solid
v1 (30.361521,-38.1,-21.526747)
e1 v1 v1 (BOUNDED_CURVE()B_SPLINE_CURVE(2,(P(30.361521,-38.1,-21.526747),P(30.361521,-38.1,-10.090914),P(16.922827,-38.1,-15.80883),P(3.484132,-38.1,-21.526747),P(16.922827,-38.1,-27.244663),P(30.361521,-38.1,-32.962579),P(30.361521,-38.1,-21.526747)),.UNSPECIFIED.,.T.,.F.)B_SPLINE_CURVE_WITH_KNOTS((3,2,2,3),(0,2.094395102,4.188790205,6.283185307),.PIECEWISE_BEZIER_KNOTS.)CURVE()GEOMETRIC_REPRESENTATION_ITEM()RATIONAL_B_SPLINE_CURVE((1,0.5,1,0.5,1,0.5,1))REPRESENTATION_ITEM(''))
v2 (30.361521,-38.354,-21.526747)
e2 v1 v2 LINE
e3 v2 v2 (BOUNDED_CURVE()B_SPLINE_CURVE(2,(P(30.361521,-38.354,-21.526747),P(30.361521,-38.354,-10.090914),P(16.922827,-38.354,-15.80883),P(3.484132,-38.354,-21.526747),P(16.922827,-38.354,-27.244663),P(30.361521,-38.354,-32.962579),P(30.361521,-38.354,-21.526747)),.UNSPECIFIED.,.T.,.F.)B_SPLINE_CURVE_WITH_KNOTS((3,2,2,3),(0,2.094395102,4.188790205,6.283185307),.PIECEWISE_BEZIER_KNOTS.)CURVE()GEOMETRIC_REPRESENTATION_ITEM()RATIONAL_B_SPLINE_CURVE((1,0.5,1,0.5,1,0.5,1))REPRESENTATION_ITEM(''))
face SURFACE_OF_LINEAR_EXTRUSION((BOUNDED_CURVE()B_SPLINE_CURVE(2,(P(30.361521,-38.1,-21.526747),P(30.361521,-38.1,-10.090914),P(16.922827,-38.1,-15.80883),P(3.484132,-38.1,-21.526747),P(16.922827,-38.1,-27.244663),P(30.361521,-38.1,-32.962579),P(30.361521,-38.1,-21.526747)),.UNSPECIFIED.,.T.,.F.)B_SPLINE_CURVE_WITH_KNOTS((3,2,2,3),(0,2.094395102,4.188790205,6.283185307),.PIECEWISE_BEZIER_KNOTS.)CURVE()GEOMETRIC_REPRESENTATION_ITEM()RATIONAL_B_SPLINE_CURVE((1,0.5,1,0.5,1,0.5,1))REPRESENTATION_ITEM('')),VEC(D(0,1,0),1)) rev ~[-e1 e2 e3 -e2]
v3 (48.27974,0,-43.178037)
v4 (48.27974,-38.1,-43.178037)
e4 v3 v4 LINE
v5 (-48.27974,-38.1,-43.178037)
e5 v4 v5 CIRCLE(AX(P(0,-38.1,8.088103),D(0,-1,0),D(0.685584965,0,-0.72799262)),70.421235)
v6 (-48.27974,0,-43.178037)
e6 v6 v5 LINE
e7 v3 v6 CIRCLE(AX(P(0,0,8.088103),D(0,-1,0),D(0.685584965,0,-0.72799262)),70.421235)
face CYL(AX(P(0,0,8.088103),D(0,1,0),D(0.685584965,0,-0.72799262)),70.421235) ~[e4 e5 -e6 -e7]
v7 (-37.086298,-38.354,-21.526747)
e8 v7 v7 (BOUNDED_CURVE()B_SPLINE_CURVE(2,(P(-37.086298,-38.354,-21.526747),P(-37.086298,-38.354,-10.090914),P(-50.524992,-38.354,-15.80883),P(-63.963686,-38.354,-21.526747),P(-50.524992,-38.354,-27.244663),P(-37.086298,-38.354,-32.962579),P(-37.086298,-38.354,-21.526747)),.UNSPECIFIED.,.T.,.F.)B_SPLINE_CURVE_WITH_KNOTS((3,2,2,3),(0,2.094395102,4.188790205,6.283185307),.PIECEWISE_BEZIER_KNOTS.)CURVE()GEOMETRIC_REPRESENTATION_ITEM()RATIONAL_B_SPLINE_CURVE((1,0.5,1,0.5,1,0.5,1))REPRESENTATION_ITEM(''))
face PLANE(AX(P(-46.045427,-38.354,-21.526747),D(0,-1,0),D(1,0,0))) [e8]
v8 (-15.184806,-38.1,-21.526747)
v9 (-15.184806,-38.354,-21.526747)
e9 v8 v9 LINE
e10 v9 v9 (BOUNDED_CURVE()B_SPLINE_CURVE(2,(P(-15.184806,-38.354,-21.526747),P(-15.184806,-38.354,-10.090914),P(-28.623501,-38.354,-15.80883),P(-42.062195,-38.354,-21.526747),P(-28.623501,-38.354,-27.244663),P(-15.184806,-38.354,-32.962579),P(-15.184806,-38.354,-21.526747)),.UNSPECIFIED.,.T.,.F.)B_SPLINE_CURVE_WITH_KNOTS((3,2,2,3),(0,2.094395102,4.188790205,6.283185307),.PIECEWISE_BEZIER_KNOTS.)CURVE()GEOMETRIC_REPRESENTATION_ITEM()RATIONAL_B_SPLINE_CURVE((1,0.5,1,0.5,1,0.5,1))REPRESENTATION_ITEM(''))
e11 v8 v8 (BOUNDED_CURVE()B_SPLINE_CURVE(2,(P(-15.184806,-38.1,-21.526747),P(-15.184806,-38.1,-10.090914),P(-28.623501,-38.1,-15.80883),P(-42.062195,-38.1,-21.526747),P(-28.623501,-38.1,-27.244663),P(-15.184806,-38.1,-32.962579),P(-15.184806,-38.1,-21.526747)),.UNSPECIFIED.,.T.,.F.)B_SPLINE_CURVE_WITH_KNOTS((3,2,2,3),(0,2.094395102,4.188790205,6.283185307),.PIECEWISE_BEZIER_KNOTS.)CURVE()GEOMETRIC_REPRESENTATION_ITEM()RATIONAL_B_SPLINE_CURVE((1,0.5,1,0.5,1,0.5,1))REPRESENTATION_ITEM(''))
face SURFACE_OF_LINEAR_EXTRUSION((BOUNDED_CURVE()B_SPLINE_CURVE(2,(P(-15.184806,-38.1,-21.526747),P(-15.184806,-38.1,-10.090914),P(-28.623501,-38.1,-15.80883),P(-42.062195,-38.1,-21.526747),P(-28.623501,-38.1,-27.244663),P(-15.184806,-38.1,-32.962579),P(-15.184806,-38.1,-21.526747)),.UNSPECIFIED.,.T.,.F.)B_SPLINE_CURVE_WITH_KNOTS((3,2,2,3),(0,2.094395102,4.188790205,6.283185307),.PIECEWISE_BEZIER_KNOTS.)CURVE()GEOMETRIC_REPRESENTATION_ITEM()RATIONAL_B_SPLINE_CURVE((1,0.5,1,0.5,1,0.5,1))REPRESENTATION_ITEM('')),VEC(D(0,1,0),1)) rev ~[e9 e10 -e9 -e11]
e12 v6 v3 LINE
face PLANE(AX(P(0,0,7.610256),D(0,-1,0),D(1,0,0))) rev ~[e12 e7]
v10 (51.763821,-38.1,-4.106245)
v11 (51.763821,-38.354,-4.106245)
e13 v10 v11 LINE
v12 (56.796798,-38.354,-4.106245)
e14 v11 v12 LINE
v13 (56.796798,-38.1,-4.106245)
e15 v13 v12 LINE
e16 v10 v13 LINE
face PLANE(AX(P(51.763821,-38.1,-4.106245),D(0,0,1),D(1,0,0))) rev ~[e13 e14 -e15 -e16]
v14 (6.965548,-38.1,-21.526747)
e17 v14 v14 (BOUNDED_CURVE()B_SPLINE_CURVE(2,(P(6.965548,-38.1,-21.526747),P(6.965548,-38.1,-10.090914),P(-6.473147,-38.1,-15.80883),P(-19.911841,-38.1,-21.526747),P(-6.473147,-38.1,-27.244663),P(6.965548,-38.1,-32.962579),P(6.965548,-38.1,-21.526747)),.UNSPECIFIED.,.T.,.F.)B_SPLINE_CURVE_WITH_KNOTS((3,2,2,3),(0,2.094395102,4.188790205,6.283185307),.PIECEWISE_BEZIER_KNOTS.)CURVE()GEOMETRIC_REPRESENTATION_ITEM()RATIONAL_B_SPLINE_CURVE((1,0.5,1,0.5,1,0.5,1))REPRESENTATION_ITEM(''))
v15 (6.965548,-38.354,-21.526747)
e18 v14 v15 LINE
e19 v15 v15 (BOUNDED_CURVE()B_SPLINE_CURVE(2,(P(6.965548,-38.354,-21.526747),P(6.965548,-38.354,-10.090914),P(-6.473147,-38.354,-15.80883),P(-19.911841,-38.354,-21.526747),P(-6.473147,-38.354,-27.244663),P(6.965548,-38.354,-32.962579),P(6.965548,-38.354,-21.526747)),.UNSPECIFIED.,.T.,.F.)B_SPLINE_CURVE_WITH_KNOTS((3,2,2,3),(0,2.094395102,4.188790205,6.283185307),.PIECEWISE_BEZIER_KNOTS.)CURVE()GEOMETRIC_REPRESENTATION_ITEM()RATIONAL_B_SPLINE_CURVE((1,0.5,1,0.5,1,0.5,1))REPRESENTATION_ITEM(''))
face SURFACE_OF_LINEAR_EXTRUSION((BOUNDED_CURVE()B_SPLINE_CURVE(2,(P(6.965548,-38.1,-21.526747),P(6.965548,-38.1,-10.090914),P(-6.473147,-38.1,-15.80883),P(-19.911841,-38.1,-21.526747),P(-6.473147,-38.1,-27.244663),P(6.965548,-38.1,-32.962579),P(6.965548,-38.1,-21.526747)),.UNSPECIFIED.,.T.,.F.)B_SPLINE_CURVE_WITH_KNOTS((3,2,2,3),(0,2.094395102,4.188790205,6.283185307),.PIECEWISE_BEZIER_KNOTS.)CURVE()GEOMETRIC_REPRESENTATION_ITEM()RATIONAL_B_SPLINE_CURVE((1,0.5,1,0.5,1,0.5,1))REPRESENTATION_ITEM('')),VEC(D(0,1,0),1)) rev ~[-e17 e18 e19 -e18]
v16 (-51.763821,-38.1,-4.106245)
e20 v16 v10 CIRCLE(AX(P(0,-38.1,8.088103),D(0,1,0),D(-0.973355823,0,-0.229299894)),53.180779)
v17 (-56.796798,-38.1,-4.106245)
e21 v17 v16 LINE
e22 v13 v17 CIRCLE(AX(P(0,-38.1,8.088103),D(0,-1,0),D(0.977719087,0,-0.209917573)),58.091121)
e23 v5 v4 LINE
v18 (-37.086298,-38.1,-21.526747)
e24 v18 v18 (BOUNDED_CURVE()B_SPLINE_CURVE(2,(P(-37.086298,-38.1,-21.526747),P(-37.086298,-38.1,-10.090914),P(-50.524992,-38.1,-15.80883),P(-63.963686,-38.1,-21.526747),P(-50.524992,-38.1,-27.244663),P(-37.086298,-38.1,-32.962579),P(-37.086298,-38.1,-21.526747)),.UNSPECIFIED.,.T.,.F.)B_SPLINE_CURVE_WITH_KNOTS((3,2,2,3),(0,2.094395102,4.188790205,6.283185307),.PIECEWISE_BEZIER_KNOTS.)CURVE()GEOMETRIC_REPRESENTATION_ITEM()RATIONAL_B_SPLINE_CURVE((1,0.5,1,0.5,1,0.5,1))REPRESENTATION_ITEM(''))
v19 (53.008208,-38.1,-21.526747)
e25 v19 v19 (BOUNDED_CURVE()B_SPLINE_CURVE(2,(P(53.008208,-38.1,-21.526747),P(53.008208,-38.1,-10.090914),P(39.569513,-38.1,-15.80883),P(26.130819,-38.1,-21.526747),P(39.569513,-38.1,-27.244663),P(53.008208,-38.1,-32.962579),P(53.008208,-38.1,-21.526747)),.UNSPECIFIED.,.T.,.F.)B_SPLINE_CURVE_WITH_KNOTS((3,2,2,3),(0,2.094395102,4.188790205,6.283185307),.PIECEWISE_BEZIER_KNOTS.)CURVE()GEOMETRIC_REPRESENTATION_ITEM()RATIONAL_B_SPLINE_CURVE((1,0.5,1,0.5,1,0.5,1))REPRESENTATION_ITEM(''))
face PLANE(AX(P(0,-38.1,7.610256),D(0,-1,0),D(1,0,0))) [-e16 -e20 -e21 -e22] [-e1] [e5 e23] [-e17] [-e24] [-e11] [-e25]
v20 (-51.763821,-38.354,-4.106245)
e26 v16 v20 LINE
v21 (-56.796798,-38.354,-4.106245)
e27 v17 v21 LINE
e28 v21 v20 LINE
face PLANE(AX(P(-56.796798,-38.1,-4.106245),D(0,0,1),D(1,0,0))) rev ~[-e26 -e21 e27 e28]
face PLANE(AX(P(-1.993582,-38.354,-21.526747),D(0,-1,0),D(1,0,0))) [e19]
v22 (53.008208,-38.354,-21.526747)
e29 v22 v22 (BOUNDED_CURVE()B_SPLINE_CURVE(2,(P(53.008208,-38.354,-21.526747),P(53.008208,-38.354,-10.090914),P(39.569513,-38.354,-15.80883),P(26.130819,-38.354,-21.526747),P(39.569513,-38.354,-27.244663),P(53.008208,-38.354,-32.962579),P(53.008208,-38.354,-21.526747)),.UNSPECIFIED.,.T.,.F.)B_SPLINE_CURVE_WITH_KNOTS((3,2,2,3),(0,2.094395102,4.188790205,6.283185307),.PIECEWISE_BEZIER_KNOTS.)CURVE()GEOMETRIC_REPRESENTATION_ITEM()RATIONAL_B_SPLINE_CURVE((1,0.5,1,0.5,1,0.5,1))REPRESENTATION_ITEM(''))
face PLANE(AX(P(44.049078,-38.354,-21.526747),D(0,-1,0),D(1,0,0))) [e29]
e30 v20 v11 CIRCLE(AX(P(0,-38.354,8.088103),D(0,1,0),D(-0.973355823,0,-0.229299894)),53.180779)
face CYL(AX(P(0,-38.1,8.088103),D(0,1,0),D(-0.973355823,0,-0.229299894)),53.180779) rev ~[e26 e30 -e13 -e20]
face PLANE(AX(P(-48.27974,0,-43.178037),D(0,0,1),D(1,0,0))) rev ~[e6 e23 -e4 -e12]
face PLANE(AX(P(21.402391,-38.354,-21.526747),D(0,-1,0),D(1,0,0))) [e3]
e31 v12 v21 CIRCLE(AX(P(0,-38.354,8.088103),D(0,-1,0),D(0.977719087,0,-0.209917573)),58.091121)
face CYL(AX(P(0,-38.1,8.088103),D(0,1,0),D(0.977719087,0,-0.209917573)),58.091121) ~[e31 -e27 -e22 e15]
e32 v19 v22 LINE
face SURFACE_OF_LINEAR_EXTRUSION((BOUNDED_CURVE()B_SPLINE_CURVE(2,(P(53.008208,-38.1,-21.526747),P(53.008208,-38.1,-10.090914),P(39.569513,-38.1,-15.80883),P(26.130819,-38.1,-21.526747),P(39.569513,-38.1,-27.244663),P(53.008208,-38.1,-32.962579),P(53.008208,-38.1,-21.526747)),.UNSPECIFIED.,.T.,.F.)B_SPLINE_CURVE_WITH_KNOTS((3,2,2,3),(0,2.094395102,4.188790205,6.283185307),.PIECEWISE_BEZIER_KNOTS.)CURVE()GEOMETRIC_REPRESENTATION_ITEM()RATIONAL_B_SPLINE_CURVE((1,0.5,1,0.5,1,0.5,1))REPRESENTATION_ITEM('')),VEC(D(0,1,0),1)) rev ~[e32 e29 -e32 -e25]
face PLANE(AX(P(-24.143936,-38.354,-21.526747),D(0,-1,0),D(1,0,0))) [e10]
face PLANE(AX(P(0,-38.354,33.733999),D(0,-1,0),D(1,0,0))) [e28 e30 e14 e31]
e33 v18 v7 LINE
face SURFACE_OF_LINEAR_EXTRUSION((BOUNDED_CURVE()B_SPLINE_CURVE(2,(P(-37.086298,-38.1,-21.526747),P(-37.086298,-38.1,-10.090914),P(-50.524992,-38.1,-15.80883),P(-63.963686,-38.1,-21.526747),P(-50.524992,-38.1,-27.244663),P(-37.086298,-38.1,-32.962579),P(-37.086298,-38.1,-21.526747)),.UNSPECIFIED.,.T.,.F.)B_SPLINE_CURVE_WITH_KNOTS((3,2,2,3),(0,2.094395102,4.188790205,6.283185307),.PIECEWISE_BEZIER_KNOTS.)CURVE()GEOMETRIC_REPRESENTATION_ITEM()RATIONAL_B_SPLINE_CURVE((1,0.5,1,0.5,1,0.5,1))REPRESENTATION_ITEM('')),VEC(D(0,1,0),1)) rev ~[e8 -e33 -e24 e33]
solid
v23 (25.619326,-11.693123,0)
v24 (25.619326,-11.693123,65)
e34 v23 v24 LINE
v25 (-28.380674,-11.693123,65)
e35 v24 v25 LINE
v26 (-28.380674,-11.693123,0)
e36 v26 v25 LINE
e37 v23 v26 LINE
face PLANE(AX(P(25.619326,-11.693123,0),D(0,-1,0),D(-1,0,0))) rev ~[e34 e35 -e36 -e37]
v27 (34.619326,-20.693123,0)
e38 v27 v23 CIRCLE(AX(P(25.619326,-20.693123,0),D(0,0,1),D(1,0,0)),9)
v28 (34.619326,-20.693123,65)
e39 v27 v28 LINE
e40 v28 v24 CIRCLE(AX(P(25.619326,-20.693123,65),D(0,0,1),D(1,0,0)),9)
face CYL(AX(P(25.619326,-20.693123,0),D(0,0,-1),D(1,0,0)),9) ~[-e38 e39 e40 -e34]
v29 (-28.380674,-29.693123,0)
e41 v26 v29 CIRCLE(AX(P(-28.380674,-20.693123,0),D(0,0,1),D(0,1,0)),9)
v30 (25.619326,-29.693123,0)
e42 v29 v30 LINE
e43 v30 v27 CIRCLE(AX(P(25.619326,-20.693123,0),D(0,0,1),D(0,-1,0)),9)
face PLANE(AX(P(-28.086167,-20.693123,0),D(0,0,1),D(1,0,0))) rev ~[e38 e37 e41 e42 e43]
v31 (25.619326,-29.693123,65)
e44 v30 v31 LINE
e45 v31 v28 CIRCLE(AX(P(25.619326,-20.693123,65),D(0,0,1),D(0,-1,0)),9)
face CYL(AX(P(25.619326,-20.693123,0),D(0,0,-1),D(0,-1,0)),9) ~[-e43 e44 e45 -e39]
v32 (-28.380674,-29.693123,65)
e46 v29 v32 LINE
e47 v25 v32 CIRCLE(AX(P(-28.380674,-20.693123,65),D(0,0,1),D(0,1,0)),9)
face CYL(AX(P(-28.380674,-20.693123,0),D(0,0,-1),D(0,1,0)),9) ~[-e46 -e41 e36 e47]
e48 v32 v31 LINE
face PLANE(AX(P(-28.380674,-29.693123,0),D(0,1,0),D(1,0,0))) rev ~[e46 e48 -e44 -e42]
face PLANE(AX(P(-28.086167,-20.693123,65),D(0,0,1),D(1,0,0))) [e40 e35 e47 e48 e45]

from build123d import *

# Parameters (mm, degrees)
F1_DEPTH = 38.1
F3_DEPTH = 0.254
F5_DEPTH = 65


with BuildPart() as f1:
    # F0 (on Front) → F1 (new body)
    with BuildSketch(Plane.XZ):
        with BuildLine():
            ThreePointArc((48.2797399163, -43.178036809), (0, 78.5093375194), (-48.2797399163, -43.178036809))
            Line((-48.2797399163, -43.178036809), (48.2797399163, -43.178036809))
        make_face()
    extrude(amount=F1_DEPTH)

    # F2 (on face) → F3 (join)
    with BuildSketch(Plane.XZ.offset(38.1)):
        with BuildLine():
            add(Edge.make_bspline(
                [(-37.0862976189, -21.526746532), (-37.0862976189, -10.0909144428), (-50.524991798, -15.8088304874), (-63.9636859771, -21.526746532), (-50.524991798, -27.2446625766), (-37.0862976189, -32.9625786212), (-37.0862976189, -21.526746532)],
                knots=[0, 0, 0, 2.0943951024, 2.0943951024, 4.1887902048, 4.1887902048, 6.2831853072, 6.2831853072, 6.2831853072], degree=2, weights=[1, 0.5, 1, 0.5, 1, 0.5, 1]))
        make_face()
        with BuildLine():
            add(Edge.make_bspline(
                [(-15.1848064807, -21.526746532), (-15.1848064807, -10.0909144428), (-28.6235006598, -15.8088304874), (-42.0621948388, -21.526746532), (-28.6235006598, -27.2446625766), (-15.1848064807, -32.9625786212), (-15.1848064807, -21.526746532)],
                knots=[0, 0, 0, 2.0943951024, 2.0943951024, 4.1887902048, 4.1887902048, 6.2831853072, 6.2831853072, 6.2831853072], degree=2, weights=[1, 0.5, 1, 0.5, 1, 0.5, 1]))
        make_face()
        with BuildLine():
            add(Edge.make_bspline(
                [(6.9655476492, -21.526746532), (6.9655476492, -10.0909144428), (-6.4731465298, -15.8088304874), (-19.9118407089, -21.526746532), (-6.4731465298, -27.2446625766), (6.9655476492, -32.9625786212), (6.9655476492, -21.526746532)],
                knots=[0, 0, 0, 2.0943951024, 2.0943951024, 4.1887902048, 4.1887902048, 6.2831853072, 6.2831853072, 6.2831853072], degree=2, weights=[1, 0.5, 1, 0.5, 1, 0.5, 1]))
        make_face()
        with BuildLine():
            add(Edge.make_bspline(
                [(30.36152079, -21.526746532), (30.36152079, -10.0909144428), (16.9228266109, -15.8088304874), (3.4841324318, -21.526746532), (16.9228266109, -27.2446625766), (30.36152079, -32.9625786212), (30.36152079, -21.526746532)],
                knots=[0, 0, 0, 2.0943951024, 2.0943951024, 4.1887902048, 4.1887902048, 6.2831853072, 6.2831853072, 6.2831853072], degree=2, weights=[1, 0.5, 1, 0.5, 1, 0.5, 1]))
        make_face()
        with BuildLine():
            add(Edge.make_bspline(
                [(53.0082075507, -21.526746532), (53.0082075507, -10.0909144428), (39.5695133716, -15.8088304874), (26.1308191926, -21.526746532), (39.5695133716, -27.2446625766), (53.0082075507, -32.9625786212), (53.0082075507, -21.526746532)],
                knots=[0, 0, 0, 2.0943951024, 2.0943951024, 4.1887902048, 4.1887902048, 6.2831853072, 6.2831853072, 6.2831853072], degree=2, weights=[1, 0.5, 1, 0.5, 1, 0.5, 1]))
        make_face()
        with BuildLine():
            ThreePointArc((56.7967976493, -4.106244538), (0, 66.1792234388), (-56.7967976493, -4.106244538))
            Line((-56.7967976493, -4.106244538), (-51.7638213933, -4.106244538))
            ThreePointArc((-51.7638213933, -4.106244538), (0, 61.2688820478), (51.7638213933, -4.106244538))
            Line((51.7638213933, -4.106244538), (56.7967976493, -4.106244538))
        make_face()
    extrude(amount=F3_DEPTH)


with BuildPart() as f5:
    # F4 (on Top) → F5 (new body)
    with BuildSketch(Plane.XY):
        with BuildLine():
            ThreePointArc((-28.3806738406, -29.6931233406), (-22.01671281, -27.0570843713), (-19.3806738406, -20.6931233406))
            ThreePointArc((-19.3806738406, -20.6931233406), (-22.01671281, -14.3291623099), (-28.3806738406, -11.6931233406))
            ThreePointArc((-28.3806738406, -11.6931233406), (-37.3806738406, -20.6931233406), (-28.3806738406, -29.6931233406))
        make_face()
        with BuildLine():
            ThreePointArc((-10.3806738406, -29.6931233406), (-16.7446348713, -27.0570843713), (-19.3806738406, -20.6931233406))
            ThreePointArc((-19.3806738406, -20.6931233406), (-22.01671281, -27.0570843713), (-28.3806738406, -29.6931233406))
            Line((-28.3806738406, -29.6931233406), (-10.3806738406, -29.6931233406))
        make_face()
        with BuildLine():
            ThreePointArc((-28.3806738406, -11.6931233406), (-22.01671281, -14.3291623099), (-19.3806738406, -20.6931233406))
            ThreePointArc((-19.3806738406, -20.6931233406), (-16.7446348658, -14.3291623044), (-10.380673825, -11.6931233406))
            Line((-10.380673825, -11.6931233406), (-28.3806738406, -11.6931233406))
        make_face()
        with BuildLine():
            ThreePointArc((-10.380673825, -11.6931233406), (-16.7446348658, -14.3291623044), (-19.3806738406, -20.6931233406))
            ThreePointArc((-19.3806738406, -20.6931233406), (-16.7446348713, -27.0570843713), (-10.3806738406, -29.6931233406))
            ThreePointArc((-10.3806738406, -29.6931233406), (-4.01671281, -27.0570843713), (-1.3806738406, -20.6931233406))
            ThreePointArc((-1.3806738406, -20.6931233406), (-4.0167128044, -14.3291623155), (-10.380673825, -11.6931233406))
        make_face()
        with BuildLine():
            Line((7.6193261924, -11.6931233406), (-10.380673825, -11.6931233406))
            ThreePointArc((-10.380673825, -11.6931233406), (-4.0167128044, -14.3291623155), (-1.3806738406, -20.6931233406))
            ThreePointArc((-1.3806738406, -20.6931233406), (1.2553651404, -14.3291622982), (7.6193261924, -11.6931233406))
        make_face()
        with BuildLine():
            ThreePointArc((-1.3806738406, -20.6931233406), (-4.01671281, -27.0570843713), (-10.3806738406, -29.6931233406))
            Line((-10.3806738406, -29.6931233406), (7.6193261683, -29.6931233406))
            ThreePointArc((7.6193261683, -29.6931233406), (1.2553651318, -27.0570843744), (-1.3806738406, -20.6931233406))
        make_face()
        with BuildLine():
            ThreePointArc((7.6193261924, -11.6931233406), (1.2553651404, -14.3291622982), (-1.3806738406, -20.6931233406))
            ThreePointArc((-1.3806738406, -20.6931233406), (1.2553651318, -27.0570843744), (7.6193261683, -29.6931233406))
            ThreePointArc((7.6193261683, -29.6931233406), (13.9832871932, -27.0570843681), (16.6193261594, -20.6931233406))
            ThreePointArc((16.6193261594, -20.6931233406), (13.9832872017, -14.3291623216), (7.6193261924, -11.6931233406))
        make_face()
        with BuildLine():
            Line((25.6193261594, -11.6931233406), (7.6193261924, -11.6931233406))
            ThreePointArc((7.6193261924, -11.6931233406), (13.9832872017, -14.3291623216), (16.6193261594, -20.6931233406))
            ThreePointArc((16.6193261594, -20.6931233406), (19.2553651287, -14.3291623099), (25.6193261594, -11.6931233406))
        make_face()
        with BuildLine():
            ThreePointArc((16.6193261594, -20.6931233406), (13.9832871932, -27.0570843681), (7.6193261683, -29.6931233406))
            Line((7.6193261683, -29.6931233406), (25.6193261594, -29.6931233406))
            ThreePointArc((25.6193261594, -29.6931233406), (19.2553651287, -27.0570843713), (16.6193261594, -20.6931233406))
        make_face()
        with BuildLine():
            ThreePointArc((25.6193261594, -11.6931233406), (19.2553651287, -14.3291623099), (16.6193261594, -20.6931233406))
            ThreePointArc((16.6193261594, -20.6931233406), (19.2553651287, -27.0570843713), (25.6193261594, -29.6931233406))
            ThreePointArc((25.6193261594, -29.6931233406), (31.98328719, -27.0570843713), (34.6193261594, -20.6931233406))
            ThreePointArc((34.6193261594, -20.6931233406), (31.98328719, -14.3291623099), (25.6193261594, -11.6931233406))
        make_face()
    extrude(amount=F5_DEPTH)


solid = Compound([f1.part, f5.part])
